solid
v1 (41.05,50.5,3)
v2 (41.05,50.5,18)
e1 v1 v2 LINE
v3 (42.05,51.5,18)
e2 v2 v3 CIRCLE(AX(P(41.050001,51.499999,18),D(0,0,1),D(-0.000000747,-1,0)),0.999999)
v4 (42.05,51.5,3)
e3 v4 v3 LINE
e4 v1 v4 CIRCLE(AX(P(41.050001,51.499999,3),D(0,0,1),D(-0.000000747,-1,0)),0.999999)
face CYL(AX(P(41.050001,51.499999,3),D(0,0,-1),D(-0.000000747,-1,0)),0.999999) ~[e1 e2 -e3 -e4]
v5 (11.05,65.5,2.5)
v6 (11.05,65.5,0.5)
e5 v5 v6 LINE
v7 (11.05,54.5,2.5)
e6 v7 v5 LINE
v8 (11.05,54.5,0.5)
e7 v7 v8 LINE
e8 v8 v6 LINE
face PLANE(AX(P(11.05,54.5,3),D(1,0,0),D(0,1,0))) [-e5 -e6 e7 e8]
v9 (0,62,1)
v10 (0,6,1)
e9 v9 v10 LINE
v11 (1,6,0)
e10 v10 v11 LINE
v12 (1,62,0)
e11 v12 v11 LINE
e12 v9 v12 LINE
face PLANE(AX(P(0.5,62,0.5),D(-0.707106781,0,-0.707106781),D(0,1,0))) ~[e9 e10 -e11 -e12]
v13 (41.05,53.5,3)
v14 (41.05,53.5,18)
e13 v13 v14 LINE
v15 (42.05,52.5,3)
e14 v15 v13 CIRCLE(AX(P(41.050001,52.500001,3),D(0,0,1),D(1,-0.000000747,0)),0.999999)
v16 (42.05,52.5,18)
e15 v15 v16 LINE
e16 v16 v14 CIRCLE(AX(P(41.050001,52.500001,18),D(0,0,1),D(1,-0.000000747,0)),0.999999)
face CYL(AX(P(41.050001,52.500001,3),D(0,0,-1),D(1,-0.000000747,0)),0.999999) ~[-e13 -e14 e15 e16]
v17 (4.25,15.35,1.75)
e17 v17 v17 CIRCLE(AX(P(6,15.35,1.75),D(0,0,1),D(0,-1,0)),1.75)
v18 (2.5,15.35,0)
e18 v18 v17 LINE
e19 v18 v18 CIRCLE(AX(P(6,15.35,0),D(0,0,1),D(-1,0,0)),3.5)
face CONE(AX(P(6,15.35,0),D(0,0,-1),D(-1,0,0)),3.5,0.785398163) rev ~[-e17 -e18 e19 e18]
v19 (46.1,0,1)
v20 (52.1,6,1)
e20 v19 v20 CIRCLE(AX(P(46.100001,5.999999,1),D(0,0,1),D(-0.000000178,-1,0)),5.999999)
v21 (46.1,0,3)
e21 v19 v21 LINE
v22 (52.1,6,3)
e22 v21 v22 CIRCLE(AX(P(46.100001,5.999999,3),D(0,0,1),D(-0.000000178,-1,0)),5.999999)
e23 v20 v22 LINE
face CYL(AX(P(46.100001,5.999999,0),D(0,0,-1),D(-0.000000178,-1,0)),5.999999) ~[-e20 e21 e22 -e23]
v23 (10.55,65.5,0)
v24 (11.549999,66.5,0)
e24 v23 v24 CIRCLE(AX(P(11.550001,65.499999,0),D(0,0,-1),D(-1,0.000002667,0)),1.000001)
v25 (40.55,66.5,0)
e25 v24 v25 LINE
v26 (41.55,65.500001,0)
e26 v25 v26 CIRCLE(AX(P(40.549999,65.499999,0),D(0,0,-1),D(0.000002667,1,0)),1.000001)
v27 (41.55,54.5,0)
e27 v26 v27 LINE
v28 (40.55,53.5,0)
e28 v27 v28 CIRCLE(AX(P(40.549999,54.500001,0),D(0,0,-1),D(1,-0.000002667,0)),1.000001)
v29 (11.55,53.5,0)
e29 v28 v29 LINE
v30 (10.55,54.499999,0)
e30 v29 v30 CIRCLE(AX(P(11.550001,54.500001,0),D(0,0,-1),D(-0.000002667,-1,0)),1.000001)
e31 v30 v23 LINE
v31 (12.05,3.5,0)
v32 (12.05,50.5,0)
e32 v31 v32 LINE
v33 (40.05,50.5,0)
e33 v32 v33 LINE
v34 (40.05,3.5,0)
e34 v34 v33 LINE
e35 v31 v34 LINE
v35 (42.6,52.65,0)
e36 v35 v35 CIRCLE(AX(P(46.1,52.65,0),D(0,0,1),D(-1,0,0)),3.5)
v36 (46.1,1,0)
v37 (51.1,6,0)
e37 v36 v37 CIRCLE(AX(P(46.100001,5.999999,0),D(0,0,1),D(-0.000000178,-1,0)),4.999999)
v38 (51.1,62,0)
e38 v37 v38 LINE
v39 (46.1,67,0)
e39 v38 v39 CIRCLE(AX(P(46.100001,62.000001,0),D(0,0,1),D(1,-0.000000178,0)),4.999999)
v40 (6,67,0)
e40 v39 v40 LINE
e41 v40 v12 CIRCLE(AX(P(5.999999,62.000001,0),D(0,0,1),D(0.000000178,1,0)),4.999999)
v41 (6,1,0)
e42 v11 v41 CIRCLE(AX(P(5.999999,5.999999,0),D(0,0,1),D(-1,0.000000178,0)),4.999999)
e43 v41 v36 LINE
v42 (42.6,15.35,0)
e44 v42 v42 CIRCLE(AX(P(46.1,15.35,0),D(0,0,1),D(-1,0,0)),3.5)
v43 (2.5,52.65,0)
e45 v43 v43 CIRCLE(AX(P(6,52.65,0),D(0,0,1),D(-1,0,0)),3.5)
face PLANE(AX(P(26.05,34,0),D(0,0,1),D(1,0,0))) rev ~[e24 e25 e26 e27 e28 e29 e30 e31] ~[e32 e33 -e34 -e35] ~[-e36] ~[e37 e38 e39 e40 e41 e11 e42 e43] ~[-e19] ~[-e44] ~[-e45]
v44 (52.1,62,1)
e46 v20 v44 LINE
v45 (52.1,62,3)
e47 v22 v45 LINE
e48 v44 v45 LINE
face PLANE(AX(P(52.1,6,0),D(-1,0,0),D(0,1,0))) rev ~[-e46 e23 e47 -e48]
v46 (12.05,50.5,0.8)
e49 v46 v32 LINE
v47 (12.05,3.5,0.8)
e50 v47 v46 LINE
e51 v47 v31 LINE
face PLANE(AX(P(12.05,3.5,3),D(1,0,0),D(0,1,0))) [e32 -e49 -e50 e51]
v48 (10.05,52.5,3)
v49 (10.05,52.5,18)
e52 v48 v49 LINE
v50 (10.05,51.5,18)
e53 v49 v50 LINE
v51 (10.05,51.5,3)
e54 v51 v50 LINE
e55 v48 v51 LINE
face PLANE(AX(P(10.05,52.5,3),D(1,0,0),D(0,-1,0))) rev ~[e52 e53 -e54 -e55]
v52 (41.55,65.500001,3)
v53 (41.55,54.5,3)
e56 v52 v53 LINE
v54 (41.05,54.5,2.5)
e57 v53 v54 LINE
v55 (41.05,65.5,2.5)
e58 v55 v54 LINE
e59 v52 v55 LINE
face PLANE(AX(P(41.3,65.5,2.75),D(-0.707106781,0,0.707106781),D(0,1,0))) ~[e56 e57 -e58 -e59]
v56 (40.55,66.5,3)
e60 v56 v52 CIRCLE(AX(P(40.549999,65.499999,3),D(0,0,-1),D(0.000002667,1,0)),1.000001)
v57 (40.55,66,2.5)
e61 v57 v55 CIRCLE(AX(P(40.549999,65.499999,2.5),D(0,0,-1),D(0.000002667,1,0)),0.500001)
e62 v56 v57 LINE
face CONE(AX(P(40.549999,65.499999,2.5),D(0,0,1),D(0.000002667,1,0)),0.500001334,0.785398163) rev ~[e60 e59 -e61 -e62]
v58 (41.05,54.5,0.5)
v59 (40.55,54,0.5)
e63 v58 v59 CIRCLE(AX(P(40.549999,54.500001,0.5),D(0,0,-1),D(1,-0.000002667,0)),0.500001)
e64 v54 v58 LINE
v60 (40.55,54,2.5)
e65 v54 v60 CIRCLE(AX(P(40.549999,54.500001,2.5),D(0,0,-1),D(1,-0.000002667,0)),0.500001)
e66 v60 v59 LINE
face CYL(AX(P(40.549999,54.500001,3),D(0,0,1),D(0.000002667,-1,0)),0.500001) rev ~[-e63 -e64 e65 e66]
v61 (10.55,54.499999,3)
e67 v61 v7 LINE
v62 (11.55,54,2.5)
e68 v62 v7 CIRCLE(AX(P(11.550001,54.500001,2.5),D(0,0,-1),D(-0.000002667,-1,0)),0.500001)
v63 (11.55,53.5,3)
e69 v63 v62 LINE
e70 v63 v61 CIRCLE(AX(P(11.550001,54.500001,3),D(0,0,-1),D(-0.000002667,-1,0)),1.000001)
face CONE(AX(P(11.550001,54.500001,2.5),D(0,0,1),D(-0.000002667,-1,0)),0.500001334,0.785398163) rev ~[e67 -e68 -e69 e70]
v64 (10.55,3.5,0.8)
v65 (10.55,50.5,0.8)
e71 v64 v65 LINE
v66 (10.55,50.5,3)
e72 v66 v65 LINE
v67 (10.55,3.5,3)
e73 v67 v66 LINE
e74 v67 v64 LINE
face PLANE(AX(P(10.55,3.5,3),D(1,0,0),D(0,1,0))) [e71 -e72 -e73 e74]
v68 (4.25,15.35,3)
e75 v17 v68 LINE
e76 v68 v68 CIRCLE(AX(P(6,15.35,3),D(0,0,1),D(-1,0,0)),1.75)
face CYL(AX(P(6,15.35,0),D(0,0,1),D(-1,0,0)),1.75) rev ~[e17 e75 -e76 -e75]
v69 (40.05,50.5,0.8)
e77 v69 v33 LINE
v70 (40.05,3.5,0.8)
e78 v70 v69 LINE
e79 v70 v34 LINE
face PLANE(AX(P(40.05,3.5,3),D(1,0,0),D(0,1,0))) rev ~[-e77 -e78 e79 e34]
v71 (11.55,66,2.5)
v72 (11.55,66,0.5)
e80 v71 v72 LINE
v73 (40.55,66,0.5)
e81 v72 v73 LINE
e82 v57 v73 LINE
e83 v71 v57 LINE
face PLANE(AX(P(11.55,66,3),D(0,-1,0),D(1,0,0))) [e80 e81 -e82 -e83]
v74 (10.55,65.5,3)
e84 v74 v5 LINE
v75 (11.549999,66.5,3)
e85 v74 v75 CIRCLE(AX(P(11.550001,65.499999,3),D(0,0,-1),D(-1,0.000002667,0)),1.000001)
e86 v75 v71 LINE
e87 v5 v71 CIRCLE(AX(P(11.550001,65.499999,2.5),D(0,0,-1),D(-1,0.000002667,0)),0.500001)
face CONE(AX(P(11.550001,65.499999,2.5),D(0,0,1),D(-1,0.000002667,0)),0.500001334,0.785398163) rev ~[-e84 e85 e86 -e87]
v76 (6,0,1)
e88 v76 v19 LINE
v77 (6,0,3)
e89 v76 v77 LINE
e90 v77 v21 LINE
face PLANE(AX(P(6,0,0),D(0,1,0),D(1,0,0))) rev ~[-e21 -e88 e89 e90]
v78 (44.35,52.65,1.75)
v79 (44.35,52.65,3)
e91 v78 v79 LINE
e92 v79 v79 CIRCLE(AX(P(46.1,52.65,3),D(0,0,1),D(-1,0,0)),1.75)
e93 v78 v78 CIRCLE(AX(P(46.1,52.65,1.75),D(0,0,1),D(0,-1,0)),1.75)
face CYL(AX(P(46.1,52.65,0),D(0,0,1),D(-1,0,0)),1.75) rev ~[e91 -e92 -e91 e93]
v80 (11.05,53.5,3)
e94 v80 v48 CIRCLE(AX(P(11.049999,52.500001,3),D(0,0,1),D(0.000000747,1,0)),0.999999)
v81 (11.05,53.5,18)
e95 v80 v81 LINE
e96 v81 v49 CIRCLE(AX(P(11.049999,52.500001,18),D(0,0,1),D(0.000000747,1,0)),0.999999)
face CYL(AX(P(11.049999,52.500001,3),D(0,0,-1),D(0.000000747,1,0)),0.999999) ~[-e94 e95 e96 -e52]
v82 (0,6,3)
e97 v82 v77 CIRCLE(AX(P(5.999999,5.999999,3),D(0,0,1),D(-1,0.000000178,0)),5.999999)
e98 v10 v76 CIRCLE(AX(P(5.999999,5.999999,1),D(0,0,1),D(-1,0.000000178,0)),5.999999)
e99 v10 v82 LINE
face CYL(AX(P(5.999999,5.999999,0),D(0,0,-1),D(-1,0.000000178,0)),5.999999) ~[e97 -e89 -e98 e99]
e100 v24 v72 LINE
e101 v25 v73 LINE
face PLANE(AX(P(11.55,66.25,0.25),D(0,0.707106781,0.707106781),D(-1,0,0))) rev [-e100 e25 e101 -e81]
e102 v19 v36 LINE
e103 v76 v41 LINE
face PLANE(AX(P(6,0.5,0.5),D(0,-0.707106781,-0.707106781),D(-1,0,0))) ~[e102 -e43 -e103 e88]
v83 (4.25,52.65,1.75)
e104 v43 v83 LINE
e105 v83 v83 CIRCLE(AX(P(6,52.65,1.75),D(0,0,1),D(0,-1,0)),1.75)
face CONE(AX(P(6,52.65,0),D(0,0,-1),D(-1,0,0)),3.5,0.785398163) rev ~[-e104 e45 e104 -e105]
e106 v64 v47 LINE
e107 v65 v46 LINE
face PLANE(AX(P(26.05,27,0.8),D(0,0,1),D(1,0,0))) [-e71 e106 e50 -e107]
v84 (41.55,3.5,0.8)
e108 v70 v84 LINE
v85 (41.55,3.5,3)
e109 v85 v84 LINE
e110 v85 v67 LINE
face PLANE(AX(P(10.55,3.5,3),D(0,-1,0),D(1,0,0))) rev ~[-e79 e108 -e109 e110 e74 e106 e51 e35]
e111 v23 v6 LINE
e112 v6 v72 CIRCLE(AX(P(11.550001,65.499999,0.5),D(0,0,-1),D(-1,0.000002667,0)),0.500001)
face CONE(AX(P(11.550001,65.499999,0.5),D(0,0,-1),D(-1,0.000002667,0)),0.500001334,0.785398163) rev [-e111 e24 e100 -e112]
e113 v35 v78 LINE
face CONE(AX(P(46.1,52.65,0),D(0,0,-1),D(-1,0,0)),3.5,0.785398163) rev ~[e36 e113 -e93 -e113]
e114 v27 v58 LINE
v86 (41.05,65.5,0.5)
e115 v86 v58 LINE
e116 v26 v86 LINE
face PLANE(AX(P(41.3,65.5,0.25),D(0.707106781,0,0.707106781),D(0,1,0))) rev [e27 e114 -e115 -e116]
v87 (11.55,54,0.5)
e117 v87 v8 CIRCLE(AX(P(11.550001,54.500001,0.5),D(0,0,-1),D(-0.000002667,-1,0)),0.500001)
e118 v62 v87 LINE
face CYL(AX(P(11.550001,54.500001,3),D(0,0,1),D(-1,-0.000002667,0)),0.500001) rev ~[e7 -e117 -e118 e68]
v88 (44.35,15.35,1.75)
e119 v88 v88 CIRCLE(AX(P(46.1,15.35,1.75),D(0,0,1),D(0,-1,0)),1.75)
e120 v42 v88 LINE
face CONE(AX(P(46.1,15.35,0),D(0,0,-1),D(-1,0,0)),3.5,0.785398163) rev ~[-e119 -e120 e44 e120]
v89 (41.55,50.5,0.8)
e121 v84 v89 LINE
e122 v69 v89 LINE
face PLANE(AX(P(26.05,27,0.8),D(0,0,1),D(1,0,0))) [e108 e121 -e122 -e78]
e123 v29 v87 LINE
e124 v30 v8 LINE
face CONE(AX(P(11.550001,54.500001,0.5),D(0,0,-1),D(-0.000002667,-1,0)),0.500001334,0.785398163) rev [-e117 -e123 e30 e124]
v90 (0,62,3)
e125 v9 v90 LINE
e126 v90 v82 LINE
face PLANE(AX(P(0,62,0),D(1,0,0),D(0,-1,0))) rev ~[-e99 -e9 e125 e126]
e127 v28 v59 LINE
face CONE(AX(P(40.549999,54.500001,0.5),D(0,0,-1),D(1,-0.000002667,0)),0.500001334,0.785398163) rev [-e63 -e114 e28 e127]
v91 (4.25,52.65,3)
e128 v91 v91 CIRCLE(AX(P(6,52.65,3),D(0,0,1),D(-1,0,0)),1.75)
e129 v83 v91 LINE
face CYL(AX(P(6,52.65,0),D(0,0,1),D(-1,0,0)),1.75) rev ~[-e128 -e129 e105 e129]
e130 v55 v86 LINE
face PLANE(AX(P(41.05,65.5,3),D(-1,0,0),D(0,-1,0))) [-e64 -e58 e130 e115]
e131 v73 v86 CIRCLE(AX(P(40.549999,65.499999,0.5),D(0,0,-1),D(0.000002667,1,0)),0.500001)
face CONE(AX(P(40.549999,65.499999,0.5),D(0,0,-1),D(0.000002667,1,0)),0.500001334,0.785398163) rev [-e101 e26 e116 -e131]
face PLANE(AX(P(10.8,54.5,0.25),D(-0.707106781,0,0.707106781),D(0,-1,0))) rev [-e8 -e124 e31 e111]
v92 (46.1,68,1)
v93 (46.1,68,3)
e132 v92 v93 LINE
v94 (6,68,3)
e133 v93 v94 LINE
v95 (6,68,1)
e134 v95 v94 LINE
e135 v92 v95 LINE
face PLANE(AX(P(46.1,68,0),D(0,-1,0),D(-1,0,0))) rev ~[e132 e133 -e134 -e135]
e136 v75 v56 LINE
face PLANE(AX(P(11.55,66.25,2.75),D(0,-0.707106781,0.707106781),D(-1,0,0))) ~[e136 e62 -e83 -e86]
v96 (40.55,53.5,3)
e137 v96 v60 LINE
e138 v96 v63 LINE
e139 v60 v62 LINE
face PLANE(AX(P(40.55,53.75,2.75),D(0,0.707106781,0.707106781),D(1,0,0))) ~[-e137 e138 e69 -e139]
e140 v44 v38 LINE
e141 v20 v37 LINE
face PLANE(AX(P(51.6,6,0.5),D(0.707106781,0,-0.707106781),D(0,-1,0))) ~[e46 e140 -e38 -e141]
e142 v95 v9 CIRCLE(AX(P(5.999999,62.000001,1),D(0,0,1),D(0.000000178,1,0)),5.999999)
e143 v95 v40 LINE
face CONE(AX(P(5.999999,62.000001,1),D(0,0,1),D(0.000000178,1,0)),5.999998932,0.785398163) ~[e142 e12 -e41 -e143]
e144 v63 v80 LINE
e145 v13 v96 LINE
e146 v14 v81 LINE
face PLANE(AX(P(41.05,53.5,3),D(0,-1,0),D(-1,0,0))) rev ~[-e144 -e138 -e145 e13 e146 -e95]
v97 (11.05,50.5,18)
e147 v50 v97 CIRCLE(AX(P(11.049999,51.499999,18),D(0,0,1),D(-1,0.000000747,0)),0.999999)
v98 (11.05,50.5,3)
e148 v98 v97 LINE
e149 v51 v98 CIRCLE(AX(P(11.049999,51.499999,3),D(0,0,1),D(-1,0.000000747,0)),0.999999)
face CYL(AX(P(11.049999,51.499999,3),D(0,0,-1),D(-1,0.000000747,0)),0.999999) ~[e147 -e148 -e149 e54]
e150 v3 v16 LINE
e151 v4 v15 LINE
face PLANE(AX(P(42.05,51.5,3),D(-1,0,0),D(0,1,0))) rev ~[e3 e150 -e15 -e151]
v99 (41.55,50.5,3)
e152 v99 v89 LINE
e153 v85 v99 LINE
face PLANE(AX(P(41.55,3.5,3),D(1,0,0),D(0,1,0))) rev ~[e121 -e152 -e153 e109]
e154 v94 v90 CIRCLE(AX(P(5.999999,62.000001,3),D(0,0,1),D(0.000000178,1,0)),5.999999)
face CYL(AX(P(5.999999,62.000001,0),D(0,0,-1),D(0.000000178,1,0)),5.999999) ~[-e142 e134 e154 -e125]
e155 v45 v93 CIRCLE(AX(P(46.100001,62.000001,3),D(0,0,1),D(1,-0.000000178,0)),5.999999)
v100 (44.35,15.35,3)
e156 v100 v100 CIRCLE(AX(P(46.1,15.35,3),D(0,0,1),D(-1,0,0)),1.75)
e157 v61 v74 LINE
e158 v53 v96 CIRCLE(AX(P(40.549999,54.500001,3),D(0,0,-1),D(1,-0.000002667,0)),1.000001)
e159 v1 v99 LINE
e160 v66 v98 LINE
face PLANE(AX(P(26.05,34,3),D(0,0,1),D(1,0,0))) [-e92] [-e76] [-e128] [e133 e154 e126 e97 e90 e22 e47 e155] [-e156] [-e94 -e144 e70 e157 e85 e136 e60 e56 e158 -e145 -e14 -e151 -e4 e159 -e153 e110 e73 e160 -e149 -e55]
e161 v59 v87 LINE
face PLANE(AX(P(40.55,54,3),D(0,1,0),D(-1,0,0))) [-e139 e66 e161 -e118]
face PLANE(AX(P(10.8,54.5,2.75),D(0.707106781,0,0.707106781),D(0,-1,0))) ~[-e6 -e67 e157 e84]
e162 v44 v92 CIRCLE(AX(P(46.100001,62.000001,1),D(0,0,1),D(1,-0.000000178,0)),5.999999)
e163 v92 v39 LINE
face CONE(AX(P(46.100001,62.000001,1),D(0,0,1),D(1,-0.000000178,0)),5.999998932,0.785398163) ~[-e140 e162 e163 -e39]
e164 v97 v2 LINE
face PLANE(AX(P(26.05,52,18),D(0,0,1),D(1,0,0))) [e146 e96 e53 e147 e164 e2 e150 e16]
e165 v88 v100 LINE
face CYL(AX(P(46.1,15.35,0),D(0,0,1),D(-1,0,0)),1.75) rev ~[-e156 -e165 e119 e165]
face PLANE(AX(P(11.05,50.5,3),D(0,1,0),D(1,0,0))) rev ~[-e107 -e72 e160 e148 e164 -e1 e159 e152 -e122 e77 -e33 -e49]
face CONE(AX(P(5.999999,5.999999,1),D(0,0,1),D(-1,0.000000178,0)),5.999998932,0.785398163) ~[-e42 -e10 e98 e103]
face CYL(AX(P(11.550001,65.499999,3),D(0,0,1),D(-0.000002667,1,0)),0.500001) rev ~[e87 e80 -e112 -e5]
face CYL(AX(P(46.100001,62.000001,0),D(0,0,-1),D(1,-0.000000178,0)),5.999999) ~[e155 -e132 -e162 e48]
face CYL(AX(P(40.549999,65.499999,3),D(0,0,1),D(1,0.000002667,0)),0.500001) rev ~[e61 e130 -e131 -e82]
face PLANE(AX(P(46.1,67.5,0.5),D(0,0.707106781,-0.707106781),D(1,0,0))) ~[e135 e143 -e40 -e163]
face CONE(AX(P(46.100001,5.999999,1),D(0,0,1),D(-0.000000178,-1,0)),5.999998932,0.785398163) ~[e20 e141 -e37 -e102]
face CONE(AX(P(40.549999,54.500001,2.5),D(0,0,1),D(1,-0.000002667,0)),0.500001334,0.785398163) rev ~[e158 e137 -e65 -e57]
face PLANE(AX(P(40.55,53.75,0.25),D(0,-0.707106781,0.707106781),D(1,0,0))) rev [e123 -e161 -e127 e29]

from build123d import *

# Parameters (mm, degrees)
PAD_DEPTH        = 3
HOLE_D           = 3.5
HOLE_CSINK_D     = 7
HOLE_CSINK_ANGLE = 90
CHAMFER_SIZE     = 1
SKETCH002_W      = 31
SKETCH002_H      = 47
POCKET_DEPTH     = 2.2
SKETCH003_W      = 28
SKETCH003_H      = 47
POCKET001_DEPTH  = 3.001
POCKET002_DEPTH  = 3.001
CHAMFER001_SIZE  = 0.5
PAD001_DEPTH     = 15


with BuildPart() as part:
    # Sketch → Pad (new body)
    with BuildSketch(Plane.XY):
        with BuildLine():
            Line((6, 0), (46.1, 0))
            ThreePointArc((46.1, 0), (50.342641, 1.757359), (52.1, 6))
            Line((52.1, 6), (52.1, 62))
            ThreePointArc((52.1, 62), (50.342641, 66.242641), (46.1, 68))
            Line((46.1, 68), (6, 68))
            ThreePointArc((6, 68), (1.757359, 66.242641), (0, 62))
            Line((0, 62), (0, 6))
            ThreePointArc((0, 6), (1.757359, 1.757359), (6, 0))
        make_face()
    extrude(amount=PAD_DEPTH)

    # Hole (through all)
    with Locations(Plane(origin=(0, 0, 0), x_dir=(1, 0, 0), z_dir=(0, 0, -1))):
        with Locations((6, -52.65), (46.1, -52.65), (46.1, -15.35), (6, -15.35)):
            CounterSinkHole(HOLE_D / 2, HOLE_CSINK_D / 2, counter_sink_angle=HOLE_CSINK_ANGLE)

    # Chamfer
    chamfer_edges = [part.edges().sort_by_distance(p)[0] for p in [
        (52.1, 34, 0),
    ]]
    chamfer(chamfer_edges, length=CHAMFER_SIZE)

    # Sketch002 (on DatumPlane) → Pocket (cut)
    with BuildSketch(Plane.XY.offset(3)):
        with Locations((26.05, 27)):
            Rectangle(SKETCH002_W, SKETCH002_H)
    extrude(amount=-POCKET_DEPTH, mode=Mode.SUBTRACT)

    # Sketch003 (on DatumPlane) → Pocket001 (cut, through all)
    with BuildSketch(Plane.XY.offset(3)):
        with Locations((26.05, 27)):
            Rectangle(SKETCH003_W, SKETCH003_H)
    extrude(amount=-POCKET001_DEPTH, mode=Mode.SUBTRACT)

    # Sketch004 (on DatumPlane) → Pocket002 (cut, through all)
    with BuildSketch(Plane.XY.offset(3)):
        with BuildLine():
            Line((11.05, 54.5), (11.05, 65.5))
            ThreePointArc((11.55, 66), (11.196447, 65.853553), (11.05, 65.5))
            Line((11.55, 66), (40.55, 66))
            ThreePointArc((41.05, 65.5), (40.903553, 65.853553), (40.55, 66))
            Line((41.05, 65.5), (41.05, 54.5))
            ThreePointArc((40.55, 54), (40.903553, 54.146447), (41.05, 54.5))
            Line((40.55, 54), (11.55, 54))
            ThreePointArc((11.05, 54.5), (11.196447, 54.146447), (11.55, 54))
        make_face()
    extrude(amount=-POCKET002_DEPTH, mode=Mode.SUBTRACT)

    # Chamfer001
    chamfer001_edges = [part.edges().sort_by_distance(p)[0] for p in [
        (26.05, 54, 0),
        (26.05, 54, 3),
    ]]
    chamfer(chamfer001_edges, length=CHAMFER001_SIZE)

    # Sketch005 (on DatumPlane) → Pad001 (join)
    with BuildSketch(Plane.XY.offset(3)):
        with BuildLine():
            Line((10.05, 52.5), (10.05, 51.5))
            ThreePointArc((10.05, 51.5), (10.342893, 50.792893), (11.05, 50.5))
            Line((11.05, 50.5), (41.05, 50.5))
            ThreePointArc((41.05, 50.5), (41.757107, 50.792893), (42.05, 51.5))
            Line((42.05, 51.5), (42.05, 52.5))
            ThreePointArc((42.05, 52.5), (41.757107, 53.207107), (41.05, 53.5))
            Line((41.05, 53.5), (11.05, 53.5))
            ThreePointArc((11.05, 53.5), (10.342893, 53.207107), (10.05, 52.5))
        make_face()
    extrude(amount=PAD001_DEPTH)


solid = part.part
